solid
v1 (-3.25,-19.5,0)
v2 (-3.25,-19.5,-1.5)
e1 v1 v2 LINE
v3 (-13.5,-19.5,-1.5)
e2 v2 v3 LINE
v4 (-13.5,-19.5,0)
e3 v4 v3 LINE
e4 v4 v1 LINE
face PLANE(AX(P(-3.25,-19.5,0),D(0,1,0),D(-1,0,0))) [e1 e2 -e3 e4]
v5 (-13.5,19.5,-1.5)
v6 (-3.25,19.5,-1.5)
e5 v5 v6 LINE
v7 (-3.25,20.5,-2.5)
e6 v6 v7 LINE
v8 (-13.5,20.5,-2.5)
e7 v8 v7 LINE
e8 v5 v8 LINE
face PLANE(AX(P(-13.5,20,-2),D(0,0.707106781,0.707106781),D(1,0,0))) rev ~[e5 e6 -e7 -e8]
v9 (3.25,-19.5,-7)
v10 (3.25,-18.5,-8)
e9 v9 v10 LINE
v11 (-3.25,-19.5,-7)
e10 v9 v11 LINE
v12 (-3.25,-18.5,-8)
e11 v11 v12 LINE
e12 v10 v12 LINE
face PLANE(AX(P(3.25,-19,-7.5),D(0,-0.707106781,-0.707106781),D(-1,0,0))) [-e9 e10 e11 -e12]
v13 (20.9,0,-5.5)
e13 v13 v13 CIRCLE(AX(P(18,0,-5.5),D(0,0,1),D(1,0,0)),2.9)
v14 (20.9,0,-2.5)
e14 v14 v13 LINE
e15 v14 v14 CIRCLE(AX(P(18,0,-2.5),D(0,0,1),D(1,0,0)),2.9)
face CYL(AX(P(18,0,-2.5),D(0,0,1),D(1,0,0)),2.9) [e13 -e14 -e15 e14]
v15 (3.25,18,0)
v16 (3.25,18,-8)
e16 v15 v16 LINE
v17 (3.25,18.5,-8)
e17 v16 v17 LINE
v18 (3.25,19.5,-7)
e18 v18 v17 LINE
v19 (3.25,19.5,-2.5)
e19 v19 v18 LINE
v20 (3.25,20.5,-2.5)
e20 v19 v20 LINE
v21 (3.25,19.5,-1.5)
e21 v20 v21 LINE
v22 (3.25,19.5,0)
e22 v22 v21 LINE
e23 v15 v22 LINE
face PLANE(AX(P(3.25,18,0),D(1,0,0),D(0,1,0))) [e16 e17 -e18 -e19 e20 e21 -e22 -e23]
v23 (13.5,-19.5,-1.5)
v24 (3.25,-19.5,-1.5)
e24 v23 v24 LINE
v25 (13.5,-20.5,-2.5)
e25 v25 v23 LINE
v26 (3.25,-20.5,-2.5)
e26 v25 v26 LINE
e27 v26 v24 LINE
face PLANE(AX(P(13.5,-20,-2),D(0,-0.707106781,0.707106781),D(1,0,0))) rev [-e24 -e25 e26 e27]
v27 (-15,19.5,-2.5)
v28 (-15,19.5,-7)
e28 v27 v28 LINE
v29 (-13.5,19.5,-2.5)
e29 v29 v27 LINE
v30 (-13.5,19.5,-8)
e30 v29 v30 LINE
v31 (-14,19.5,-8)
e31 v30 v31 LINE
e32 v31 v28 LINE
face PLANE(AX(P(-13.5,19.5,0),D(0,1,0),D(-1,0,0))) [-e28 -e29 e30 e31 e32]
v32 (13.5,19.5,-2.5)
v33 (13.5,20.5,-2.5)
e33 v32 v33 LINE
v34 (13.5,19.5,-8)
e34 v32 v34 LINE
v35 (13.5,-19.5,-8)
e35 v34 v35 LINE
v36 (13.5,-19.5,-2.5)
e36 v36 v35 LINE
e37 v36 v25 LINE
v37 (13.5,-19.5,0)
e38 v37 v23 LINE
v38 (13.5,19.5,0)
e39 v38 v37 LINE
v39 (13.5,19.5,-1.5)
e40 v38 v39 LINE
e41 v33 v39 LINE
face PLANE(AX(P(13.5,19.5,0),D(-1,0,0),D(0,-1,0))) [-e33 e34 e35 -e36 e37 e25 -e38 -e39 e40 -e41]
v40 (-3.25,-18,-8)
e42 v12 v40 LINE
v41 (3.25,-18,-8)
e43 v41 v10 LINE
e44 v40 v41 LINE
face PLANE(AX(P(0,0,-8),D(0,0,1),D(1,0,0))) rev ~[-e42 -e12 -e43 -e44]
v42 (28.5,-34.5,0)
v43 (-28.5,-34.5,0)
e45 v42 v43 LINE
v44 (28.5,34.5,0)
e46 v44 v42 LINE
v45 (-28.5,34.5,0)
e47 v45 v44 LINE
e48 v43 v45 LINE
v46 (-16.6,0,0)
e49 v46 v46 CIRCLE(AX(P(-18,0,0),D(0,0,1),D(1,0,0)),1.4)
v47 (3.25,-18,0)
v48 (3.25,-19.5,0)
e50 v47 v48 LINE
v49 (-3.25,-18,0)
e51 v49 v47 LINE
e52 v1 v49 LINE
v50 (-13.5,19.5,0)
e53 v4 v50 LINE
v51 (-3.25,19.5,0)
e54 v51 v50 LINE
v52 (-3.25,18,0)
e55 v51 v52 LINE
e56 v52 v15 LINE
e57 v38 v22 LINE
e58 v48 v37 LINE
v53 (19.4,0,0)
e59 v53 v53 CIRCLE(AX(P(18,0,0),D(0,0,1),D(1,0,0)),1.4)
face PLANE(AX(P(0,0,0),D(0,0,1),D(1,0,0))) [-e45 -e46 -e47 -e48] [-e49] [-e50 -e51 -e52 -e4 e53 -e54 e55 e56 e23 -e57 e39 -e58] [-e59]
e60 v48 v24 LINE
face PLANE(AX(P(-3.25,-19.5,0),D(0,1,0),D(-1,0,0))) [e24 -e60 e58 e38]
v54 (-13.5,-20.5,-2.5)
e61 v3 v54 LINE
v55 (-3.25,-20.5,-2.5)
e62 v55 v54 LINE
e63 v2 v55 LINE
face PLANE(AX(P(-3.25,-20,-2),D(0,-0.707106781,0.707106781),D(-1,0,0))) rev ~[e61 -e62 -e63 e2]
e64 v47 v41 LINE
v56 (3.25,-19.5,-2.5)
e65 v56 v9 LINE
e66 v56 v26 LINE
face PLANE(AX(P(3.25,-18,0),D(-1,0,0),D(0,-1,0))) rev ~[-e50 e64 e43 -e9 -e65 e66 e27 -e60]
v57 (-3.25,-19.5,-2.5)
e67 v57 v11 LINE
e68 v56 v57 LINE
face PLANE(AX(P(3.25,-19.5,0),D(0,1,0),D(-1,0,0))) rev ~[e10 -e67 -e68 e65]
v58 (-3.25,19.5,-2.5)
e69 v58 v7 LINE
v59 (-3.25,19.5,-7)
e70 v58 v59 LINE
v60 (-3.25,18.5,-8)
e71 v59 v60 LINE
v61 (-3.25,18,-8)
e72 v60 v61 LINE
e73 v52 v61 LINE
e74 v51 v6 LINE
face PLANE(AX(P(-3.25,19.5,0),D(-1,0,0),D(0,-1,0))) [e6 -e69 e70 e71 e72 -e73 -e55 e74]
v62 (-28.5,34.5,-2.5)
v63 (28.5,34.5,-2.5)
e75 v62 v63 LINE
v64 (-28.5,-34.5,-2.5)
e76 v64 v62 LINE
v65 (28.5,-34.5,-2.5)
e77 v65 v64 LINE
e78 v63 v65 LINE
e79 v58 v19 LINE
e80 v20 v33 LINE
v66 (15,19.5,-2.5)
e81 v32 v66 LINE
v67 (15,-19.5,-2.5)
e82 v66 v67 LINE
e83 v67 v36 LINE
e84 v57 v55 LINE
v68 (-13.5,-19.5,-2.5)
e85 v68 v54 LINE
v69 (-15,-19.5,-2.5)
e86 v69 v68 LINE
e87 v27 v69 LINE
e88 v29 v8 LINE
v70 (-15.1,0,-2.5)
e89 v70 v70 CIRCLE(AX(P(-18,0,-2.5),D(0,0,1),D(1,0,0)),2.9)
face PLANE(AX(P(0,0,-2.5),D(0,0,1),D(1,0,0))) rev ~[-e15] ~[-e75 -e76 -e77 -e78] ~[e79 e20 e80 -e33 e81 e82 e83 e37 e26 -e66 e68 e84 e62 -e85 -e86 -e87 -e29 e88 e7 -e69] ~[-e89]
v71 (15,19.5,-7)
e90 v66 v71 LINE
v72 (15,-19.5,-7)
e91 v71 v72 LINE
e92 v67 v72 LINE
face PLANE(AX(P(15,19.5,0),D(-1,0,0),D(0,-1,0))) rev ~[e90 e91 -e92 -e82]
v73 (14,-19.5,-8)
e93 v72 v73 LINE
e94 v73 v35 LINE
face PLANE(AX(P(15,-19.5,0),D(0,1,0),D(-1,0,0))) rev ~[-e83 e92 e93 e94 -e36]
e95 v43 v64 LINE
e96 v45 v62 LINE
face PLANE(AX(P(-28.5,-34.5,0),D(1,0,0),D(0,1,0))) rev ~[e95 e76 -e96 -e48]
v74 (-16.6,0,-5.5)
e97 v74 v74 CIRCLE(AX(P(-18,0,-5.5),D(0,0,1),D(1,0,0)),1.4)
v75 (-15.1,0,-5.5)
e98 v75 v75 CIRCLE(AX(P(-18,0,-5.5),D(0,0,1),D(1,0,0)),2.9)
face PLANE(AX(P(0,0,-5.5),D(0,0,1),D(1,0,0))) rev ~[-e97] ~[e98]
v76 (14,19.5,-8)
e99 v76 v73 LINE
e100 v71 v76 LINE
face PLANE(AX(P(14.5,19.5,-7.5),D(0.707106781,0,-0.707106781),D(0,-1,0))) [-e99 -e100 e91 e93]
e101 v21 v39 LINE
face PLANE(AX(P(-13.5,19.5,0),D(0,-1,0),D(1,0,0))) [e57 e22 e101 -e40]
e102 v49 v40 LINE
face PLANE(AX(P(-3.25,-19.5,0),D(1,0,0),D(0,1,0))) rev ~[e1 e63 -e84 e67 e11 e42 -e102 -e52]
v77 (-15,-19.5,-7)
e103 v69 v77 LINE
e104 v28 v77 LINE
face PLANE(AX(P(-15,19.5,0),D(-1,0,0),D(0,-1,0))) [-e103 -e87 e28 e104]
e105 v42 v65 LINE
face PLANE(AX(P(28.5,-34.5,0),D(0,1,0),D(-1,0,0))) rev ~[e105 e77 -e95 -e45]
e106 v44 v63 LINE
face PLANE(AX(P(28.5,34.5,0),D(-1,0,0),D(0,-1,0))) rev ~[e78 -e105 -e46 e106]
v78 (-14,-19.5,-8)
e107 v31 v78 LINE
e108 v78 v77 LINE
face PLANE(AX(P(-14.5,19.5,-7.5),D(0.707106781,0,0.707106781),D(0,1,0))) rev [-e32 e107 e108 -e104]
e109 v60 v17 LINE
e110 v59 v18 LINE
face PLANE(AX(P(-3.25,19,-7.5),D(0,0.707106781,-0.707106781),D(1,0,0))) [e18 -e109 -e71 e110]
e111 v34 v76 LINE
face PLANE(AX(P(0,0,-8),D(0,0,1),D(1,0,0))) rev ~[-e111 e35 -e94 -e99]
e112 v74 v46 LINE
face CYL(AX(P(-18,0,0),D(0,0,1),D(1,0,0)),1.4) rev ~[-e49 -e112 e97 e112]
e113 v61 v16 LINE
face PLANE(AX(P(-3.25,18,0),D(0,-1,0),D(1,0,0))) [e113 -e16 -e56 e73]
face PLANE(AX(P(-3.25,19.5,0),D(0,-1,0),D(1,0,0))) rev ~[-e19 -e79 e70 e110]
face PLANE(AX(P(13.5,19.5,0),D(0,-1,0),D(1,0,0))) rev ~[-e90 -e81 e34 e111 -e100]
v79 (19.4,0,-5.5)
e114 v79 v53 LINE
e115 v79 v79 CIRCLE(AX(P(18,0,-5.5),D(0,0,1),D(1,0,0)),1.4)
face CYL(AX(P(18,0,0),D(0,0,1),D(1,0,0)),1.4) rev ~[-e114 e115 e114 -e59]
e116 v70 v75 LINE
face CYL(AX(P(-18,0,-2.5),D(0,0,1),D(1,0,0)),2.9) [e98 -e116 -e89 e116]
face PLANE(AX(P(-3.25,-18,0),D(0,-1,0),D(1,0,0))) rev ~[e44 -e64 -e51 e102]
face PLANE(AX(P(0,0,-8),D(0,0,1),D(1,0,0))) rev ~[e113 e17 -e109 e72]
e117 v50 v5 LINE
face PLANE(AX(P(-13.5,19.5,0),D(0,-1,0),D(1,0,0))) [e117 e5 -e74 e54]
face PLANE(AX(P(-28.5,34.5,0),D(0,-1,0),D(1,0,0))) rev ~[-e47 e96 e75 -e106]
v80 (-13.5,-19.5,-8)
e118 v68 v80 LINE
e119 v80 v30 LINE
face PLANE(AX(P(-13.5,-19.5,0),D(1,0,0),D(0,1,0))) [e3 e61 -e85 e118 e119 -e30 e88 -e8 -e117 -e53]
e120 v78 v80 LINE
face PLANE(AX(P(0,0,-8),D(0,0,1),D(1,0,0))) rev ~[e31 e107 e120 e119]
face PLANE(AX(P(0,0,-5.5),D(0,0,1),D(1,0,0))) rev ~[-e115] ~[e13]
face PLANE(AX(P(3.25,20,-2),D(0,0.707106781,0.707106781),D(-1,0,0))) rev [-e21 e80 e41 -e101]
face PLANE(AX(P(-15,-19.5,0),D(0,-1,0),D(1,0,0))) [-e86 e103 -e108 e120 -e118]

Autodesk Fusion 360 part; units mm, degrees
sketch "Sketch1" plane through (0, 0, 0) normal (0, 0, 1) x (1, 0, 0)
  line L0 (-13.5, 19.5) -> (13.5, 19.5)
  line L1 (13.5, 19.5) -> (13.5, -19.5)
  line L2 (13.5, -19.5) -> (-13.5, -19.5)
  line L3 (-13.5, -19.5) -> (-13.5, 19.5)
  line L4 (-13.5, 19.5) -> (13.5, -19.5) construction
  line L5 (13.5, 19.5) -> (-13.5, -19.5) construction
  line L6 (0, 0) -> (-18, 0) construction
  circle A0 centre (-18, 0) radius 1.4
  circle A1 centre (-18, 0) radius 2.9
  line L7 (0, 50.0244) -> (0, -49.9756) construction
  circle A2 centre (18, 0) radius 2.9
  circle A3 centre (18, 0) radius 1.4
  line L8 (28.5, 34.5) -> (28.5, -34.5)
  line L9 (28.5, -34.5) -> (-28.5, -34.5)
  line L10 (-28.5, -34.5) -> (-28.5, 34.5)
  line L11 (-28.5, 34.5) -> (28.5, 34.5)
  line L12 (-13.5, 19.5) -> (-15, 19.5)
  line L13 (-15, 19.5) -> (-15, -19.5)
  line L14 (-15, -19.5) -> (-13.5, -19.5)
  line L15 (-13.5, -19.5) -> (-13.5, 19.5)
  line L16 (15, -19.5) -> (13.5, -19.5)
  line L17 (15, 19.5) -> (15, -19.5)
  line L18 (13.5, 19.5) -> (15, 19.5)
  line L19 (3.25, 19.5) -> (-3.25, 19.5)
  line L20 (-3.25, 19.5) -> (-3.25, 18)
  line L21 (-3.25, 18) -> (3.25, 18)
  line L22 (3.25, 18) -> (3.25, 19.5)
  line L23 (3.25, 19.5) -> (-3.25, 18) construction
  line L24 (-3.25, 19.5) -> (3.25, 18) construction
  line L25 (-3.25, -19.5) -> (-3.25, -18)
  line L26 (3.25, -18) -> (3.25, -19.5)
  line L27 (-3.25, -18) -> (3.25, -18)
  point P0 (0, 18.75)
  dimension "d2" = 27
  dimension "d3" = 39
  dimension "d4" = -15
  dimension "d5" = 18
  dimension "d6" = 2.8
  dimension "d7" = 1.5
  dimension "d14" = 1.5
  dimension "d19" = 6.5
  dimension "d20" = 1.5
extrude "Extrude1" add sketch "Sketch1" against normal blind 2.5 contours L3 L12 L13 L14 L15 | L1 L16 L17 L18 | A1 | A2 | L8 L9 L10 L11
extrude "Extrude2" add sketch "Sketch1" against normal blind 3 from surface at -2.5 contours A1 | A2
extrude "Extrude3" add sketch "Sketch1" against normal blind 8 contours L3 L12 L13 L14 L15 | L0 L19 L20 L21 L22 | L2 L25 L26 L27 | L1 L16 L17 L18
chamfer "Chamfer2" distance 1 angle 45 2 edges at (15, 0, -8) (-15, 0, -8)
chamfer "Chamfer2" distance 1 angle 45 4 edges at (-8.375, 19.5, -2.5) (8.375, 19.5, -2.5) (8.375, -19.5, -2.5) (-8.375, -19.5, -2.5)
chamfer "Chamfer2" distance 1 angle 45 2 edges at (0, 19.5, -8) (0, -19.5, -8)
equation "d3 = 41 mm - 2 mm"
equation "d5 = ( 36 / 2 ) * 1 mm"
